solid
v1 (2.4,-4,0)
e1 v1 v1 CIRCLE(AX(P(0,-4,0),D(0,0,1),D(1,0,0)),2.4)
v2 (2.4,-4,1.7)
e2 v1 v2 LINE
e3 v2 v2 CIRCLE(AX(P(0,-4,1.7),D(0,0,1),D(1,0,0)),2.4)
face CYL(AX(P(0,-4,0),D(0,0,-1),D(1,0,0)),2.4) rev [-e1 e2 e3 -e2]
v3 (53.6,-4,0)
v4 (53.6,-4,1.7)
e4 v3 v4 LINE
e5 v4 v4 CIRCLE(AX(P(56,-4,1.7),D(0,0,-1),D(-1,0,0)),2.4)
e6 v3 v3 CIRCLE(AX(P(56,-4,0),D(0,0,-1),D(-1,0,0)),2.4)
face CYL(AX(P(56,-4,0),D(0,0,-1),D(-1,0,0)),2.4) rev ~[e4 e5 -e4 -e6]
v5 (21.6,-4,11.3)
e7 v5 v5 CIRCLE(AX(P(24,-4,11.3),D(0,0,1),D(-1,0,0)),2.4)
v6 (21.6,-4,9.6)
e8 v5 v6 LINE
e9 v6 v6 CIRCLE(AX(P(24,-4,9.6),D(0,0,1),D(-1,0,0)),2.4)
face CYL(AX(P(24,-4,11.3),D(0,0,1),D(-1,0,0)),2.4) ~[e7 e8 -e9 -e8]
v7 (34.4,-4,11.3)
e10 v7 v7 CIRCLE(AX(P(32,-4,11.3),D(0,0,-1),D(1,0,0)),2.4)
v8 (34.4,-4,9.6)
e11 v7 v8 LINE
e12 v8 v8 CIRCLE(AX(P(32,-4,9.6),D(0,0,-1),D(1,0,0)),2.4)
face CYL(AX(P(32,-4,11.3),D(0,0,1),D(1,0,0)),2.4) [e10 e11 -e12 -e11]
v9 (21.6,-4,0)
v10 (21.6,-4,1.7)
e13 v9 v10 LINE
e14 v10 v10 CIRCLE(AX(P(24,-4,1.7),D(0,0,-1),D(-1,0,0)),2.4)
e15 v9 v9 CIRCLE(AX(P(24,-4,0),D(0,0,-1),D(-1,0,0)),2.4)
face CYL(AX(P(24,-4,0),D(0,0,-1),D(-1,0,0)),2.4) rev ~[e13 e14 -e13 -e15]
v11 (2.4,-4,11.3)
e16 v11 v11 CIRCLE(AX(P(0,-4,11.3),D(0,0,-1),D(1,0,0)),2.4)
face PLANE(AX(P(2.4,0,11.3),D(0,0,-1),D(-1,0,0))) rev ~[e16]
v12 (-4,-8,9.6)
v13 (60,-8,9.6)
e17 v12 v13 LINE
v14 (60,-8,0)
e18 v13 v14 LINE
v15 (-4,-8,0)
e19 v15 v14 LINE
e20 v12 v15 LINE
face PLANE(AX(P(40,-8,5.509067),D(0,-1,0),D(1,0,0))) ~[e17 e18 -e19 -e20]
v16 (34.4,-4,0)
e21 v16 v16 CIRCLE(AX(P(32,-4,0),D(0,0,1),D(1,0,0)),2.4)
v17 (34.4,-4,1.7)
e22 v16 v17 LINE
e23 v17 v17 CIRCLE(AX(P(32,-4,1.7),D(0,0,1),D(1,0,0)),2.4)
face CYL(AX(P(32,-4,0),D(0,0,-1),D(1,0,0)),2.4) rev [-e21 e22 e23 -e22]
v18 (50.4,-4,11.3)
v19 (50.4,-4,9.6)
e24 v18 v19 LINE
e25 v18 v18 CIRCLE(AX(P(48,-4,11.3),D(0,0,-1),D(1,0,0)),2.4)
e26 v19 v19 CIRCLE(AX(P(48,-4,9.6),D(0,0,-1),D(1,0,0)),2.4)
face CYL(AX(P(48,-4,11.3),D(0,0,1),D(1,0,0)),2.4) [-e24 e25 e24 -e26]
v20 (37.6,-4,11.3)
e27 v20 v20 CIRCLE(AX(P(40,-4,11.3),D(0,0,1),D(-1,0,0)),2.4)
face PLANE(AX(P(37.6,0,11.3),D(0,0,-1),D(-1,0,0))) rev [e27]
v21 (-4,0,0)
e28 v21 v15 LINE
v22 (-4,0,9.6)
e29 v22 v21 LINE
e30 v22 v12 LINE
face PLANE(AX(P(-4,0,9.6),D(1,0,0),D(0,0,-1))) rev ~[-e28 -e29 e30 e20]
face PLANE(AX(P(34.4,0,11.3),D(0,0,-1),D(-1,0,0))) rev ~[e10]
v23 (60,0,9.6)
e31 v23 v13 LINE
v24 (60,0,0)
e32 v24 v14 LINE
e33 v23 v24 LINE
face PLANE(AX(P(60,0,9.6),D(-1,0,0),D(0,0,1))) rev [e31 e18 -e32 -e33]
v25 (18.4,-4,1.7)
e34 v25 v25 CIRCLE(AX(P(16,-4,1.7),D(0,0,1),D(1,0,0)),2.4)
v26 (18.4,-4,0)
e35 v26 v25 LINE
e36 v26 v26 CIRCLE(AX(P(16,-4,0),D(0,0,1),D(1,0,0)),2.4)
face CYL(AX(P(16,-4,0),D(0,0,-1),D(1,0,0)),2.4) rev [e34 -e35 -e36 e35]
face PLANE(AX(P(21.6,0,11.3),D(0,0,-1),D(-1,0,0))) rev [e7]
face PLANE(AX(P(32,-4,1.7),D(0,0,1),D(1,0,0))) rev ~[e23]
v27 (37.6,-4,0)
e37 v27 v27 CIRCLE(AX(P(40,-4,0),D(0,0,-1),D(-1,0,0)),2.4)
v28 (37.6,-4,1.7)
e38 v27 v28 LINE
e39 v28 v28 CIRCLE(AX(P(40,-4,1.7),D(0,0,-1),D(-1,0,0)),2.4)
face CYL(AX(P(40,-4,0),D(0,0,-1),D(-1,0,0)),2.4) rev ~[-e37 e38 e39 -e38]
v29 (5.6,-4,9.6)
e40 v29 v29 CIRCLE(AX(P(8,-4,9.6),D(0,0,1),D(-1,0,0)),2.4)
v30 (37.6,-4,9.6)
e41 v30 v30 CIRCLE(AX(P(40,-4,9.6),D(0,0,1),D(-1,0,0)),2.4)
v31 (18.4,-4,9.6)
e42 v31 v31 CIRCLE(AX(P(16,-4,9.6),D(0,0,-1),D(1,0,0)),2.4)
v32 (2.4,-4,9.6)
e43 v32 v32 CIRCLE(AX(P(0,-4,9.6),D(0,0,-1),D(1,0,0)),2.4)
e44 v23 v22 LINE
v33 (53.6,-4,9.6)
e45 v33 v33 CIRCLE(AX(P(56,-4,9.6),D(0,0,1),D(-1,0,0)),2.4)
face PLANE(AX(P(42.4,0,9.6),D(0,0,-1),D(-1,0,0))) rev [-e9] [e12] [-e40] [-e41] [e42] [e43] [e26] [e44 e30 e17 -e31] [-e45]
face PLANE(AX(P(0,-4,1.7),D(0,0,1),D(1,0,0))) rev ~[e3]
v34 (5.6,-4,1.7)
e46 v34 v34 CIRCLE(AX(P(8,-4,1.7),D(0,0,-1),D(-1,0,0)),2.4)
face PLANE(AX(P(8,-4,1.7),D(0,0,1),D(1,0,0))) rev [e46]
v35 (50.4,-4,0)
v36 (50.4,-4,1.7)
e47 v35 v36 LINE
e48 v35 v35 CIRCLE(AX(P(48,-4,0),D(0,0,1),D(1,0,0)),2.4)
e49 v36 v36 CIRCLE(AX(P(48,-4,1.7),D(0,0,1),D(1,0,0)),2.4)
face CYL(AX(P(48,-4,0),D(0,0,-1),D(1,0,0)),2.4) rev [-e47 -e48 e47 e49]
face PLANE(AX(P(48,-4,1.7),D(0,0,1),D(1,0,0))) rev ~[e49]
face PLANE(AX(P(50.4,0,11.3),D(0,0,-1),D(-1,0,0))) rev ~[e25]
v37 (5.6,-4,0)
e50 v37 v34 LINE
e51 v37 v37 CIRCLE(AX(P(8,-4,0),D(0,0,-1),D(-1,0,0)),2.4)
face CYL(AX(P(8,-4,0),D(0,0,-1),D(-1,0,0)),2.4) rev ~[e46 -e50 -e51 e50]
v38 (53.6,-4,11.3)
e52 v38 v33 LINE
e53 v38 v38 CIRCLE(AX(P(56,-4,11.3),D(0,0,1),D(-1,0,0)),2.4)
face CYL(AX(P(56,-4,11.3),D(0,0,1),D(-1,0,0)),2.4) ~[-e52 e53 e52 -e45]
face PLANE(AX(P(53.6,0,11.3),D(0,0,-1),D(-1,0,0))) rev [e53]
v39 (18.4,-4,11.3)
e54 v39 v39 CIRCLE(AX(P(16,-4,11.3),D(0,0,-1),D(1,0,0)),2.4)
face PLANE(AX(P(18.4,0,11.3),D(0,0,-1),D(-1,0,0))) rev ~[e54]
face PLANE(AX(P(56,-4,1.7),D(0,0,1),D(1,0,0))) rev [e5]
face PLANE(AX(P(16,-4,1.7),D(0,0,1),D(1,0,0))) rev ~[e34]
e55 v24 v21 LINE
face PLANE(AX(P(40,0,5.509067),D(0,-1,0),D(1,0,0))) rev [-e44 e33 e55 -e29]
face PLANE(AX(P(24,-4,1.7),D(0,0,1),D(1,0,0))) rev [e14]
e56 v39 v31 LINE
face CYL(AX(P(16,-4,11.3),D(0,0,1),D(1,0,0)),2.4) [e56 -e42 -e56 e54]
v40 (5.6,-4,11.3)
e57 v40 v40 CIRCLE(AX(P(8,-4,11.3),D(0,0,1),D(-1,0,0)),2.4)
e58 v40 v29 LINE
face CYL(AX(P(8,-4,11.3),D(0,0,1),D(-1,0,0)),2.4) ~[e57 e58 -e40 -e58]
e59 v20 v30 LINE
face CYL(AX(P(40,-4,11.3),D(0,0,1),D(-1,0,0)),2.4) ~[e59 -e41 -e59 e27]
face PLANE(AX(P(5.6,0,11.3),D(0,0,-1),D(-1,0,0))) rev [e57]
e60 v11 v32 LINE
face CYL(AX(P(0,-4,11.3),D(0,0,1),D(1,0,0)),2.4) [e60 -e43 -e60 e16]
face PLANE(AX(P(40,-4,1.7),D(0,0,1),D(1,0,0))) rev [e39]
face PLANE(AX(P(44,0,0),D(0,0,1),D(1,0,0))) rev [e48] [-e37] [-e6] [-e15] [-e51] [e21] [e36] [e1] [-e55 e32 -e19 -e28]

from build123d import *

# Parameters (mm, degrees)
F1_DEPTH = 8
F3_W     = 8
F3_H     = 8
F3_R     = 2.4
F4_DEPTH = 1.7
F5_R     = 2.4
F6_DEPTH = 1.7


with BuildPart() as f1:
    # F0 (on Front) → F1 (new body)
    with BuildSketch(Plane.XZ):
        Polygon((-2.4, 9.6), (-4, 9.6), (-4, 0), (4, 0), (4, 9.6), (2.4, 9.6), (2.4, 11.3), (-2.4, 11.3), align=None)
    extrude(amount=F1_DEPTH)

    # F3 (on plane+point) → F4 (cut, through all)
    with BuildSketch(Plane.XY.offset(11.3)):
        with Locations((0, -4)):
            Rectangle(F3_W, F3_H)
        with Locations((0, -4)):
            Circle(F3_R, mode=Mode.SUBTRACT)
    extrude(amount=-F4_DEPTH, mode=Mode.SUBTRACT)

    # F5 (on Top) → F6 (cut)
    with BuildSketch(Plane.XY):
        with Locations((0, -4)):
            Circle(F5_R)
    extrude(amount=F6_DEPTH, mode=Mode.SUBTRACT)

    # F8: F1 across plane


with BuildPart() as f1_1:
    add(f1.part)
    add(f1.part.mirror(Plane.YZ.offset(4)))

    # F10: F1 across plane


with BuildPart() as f1_2:
    add(f1_1.part)
    add(f1_1.part.mirror(Plane.YZ.offset(12)))

    # F12: F1 across plane


with BuildPart() as f1_3:
    add(f1_2.part)
    add(f1_2.part.mirror(Plane.YZ.offset(28)))


solid = f1_3.part
